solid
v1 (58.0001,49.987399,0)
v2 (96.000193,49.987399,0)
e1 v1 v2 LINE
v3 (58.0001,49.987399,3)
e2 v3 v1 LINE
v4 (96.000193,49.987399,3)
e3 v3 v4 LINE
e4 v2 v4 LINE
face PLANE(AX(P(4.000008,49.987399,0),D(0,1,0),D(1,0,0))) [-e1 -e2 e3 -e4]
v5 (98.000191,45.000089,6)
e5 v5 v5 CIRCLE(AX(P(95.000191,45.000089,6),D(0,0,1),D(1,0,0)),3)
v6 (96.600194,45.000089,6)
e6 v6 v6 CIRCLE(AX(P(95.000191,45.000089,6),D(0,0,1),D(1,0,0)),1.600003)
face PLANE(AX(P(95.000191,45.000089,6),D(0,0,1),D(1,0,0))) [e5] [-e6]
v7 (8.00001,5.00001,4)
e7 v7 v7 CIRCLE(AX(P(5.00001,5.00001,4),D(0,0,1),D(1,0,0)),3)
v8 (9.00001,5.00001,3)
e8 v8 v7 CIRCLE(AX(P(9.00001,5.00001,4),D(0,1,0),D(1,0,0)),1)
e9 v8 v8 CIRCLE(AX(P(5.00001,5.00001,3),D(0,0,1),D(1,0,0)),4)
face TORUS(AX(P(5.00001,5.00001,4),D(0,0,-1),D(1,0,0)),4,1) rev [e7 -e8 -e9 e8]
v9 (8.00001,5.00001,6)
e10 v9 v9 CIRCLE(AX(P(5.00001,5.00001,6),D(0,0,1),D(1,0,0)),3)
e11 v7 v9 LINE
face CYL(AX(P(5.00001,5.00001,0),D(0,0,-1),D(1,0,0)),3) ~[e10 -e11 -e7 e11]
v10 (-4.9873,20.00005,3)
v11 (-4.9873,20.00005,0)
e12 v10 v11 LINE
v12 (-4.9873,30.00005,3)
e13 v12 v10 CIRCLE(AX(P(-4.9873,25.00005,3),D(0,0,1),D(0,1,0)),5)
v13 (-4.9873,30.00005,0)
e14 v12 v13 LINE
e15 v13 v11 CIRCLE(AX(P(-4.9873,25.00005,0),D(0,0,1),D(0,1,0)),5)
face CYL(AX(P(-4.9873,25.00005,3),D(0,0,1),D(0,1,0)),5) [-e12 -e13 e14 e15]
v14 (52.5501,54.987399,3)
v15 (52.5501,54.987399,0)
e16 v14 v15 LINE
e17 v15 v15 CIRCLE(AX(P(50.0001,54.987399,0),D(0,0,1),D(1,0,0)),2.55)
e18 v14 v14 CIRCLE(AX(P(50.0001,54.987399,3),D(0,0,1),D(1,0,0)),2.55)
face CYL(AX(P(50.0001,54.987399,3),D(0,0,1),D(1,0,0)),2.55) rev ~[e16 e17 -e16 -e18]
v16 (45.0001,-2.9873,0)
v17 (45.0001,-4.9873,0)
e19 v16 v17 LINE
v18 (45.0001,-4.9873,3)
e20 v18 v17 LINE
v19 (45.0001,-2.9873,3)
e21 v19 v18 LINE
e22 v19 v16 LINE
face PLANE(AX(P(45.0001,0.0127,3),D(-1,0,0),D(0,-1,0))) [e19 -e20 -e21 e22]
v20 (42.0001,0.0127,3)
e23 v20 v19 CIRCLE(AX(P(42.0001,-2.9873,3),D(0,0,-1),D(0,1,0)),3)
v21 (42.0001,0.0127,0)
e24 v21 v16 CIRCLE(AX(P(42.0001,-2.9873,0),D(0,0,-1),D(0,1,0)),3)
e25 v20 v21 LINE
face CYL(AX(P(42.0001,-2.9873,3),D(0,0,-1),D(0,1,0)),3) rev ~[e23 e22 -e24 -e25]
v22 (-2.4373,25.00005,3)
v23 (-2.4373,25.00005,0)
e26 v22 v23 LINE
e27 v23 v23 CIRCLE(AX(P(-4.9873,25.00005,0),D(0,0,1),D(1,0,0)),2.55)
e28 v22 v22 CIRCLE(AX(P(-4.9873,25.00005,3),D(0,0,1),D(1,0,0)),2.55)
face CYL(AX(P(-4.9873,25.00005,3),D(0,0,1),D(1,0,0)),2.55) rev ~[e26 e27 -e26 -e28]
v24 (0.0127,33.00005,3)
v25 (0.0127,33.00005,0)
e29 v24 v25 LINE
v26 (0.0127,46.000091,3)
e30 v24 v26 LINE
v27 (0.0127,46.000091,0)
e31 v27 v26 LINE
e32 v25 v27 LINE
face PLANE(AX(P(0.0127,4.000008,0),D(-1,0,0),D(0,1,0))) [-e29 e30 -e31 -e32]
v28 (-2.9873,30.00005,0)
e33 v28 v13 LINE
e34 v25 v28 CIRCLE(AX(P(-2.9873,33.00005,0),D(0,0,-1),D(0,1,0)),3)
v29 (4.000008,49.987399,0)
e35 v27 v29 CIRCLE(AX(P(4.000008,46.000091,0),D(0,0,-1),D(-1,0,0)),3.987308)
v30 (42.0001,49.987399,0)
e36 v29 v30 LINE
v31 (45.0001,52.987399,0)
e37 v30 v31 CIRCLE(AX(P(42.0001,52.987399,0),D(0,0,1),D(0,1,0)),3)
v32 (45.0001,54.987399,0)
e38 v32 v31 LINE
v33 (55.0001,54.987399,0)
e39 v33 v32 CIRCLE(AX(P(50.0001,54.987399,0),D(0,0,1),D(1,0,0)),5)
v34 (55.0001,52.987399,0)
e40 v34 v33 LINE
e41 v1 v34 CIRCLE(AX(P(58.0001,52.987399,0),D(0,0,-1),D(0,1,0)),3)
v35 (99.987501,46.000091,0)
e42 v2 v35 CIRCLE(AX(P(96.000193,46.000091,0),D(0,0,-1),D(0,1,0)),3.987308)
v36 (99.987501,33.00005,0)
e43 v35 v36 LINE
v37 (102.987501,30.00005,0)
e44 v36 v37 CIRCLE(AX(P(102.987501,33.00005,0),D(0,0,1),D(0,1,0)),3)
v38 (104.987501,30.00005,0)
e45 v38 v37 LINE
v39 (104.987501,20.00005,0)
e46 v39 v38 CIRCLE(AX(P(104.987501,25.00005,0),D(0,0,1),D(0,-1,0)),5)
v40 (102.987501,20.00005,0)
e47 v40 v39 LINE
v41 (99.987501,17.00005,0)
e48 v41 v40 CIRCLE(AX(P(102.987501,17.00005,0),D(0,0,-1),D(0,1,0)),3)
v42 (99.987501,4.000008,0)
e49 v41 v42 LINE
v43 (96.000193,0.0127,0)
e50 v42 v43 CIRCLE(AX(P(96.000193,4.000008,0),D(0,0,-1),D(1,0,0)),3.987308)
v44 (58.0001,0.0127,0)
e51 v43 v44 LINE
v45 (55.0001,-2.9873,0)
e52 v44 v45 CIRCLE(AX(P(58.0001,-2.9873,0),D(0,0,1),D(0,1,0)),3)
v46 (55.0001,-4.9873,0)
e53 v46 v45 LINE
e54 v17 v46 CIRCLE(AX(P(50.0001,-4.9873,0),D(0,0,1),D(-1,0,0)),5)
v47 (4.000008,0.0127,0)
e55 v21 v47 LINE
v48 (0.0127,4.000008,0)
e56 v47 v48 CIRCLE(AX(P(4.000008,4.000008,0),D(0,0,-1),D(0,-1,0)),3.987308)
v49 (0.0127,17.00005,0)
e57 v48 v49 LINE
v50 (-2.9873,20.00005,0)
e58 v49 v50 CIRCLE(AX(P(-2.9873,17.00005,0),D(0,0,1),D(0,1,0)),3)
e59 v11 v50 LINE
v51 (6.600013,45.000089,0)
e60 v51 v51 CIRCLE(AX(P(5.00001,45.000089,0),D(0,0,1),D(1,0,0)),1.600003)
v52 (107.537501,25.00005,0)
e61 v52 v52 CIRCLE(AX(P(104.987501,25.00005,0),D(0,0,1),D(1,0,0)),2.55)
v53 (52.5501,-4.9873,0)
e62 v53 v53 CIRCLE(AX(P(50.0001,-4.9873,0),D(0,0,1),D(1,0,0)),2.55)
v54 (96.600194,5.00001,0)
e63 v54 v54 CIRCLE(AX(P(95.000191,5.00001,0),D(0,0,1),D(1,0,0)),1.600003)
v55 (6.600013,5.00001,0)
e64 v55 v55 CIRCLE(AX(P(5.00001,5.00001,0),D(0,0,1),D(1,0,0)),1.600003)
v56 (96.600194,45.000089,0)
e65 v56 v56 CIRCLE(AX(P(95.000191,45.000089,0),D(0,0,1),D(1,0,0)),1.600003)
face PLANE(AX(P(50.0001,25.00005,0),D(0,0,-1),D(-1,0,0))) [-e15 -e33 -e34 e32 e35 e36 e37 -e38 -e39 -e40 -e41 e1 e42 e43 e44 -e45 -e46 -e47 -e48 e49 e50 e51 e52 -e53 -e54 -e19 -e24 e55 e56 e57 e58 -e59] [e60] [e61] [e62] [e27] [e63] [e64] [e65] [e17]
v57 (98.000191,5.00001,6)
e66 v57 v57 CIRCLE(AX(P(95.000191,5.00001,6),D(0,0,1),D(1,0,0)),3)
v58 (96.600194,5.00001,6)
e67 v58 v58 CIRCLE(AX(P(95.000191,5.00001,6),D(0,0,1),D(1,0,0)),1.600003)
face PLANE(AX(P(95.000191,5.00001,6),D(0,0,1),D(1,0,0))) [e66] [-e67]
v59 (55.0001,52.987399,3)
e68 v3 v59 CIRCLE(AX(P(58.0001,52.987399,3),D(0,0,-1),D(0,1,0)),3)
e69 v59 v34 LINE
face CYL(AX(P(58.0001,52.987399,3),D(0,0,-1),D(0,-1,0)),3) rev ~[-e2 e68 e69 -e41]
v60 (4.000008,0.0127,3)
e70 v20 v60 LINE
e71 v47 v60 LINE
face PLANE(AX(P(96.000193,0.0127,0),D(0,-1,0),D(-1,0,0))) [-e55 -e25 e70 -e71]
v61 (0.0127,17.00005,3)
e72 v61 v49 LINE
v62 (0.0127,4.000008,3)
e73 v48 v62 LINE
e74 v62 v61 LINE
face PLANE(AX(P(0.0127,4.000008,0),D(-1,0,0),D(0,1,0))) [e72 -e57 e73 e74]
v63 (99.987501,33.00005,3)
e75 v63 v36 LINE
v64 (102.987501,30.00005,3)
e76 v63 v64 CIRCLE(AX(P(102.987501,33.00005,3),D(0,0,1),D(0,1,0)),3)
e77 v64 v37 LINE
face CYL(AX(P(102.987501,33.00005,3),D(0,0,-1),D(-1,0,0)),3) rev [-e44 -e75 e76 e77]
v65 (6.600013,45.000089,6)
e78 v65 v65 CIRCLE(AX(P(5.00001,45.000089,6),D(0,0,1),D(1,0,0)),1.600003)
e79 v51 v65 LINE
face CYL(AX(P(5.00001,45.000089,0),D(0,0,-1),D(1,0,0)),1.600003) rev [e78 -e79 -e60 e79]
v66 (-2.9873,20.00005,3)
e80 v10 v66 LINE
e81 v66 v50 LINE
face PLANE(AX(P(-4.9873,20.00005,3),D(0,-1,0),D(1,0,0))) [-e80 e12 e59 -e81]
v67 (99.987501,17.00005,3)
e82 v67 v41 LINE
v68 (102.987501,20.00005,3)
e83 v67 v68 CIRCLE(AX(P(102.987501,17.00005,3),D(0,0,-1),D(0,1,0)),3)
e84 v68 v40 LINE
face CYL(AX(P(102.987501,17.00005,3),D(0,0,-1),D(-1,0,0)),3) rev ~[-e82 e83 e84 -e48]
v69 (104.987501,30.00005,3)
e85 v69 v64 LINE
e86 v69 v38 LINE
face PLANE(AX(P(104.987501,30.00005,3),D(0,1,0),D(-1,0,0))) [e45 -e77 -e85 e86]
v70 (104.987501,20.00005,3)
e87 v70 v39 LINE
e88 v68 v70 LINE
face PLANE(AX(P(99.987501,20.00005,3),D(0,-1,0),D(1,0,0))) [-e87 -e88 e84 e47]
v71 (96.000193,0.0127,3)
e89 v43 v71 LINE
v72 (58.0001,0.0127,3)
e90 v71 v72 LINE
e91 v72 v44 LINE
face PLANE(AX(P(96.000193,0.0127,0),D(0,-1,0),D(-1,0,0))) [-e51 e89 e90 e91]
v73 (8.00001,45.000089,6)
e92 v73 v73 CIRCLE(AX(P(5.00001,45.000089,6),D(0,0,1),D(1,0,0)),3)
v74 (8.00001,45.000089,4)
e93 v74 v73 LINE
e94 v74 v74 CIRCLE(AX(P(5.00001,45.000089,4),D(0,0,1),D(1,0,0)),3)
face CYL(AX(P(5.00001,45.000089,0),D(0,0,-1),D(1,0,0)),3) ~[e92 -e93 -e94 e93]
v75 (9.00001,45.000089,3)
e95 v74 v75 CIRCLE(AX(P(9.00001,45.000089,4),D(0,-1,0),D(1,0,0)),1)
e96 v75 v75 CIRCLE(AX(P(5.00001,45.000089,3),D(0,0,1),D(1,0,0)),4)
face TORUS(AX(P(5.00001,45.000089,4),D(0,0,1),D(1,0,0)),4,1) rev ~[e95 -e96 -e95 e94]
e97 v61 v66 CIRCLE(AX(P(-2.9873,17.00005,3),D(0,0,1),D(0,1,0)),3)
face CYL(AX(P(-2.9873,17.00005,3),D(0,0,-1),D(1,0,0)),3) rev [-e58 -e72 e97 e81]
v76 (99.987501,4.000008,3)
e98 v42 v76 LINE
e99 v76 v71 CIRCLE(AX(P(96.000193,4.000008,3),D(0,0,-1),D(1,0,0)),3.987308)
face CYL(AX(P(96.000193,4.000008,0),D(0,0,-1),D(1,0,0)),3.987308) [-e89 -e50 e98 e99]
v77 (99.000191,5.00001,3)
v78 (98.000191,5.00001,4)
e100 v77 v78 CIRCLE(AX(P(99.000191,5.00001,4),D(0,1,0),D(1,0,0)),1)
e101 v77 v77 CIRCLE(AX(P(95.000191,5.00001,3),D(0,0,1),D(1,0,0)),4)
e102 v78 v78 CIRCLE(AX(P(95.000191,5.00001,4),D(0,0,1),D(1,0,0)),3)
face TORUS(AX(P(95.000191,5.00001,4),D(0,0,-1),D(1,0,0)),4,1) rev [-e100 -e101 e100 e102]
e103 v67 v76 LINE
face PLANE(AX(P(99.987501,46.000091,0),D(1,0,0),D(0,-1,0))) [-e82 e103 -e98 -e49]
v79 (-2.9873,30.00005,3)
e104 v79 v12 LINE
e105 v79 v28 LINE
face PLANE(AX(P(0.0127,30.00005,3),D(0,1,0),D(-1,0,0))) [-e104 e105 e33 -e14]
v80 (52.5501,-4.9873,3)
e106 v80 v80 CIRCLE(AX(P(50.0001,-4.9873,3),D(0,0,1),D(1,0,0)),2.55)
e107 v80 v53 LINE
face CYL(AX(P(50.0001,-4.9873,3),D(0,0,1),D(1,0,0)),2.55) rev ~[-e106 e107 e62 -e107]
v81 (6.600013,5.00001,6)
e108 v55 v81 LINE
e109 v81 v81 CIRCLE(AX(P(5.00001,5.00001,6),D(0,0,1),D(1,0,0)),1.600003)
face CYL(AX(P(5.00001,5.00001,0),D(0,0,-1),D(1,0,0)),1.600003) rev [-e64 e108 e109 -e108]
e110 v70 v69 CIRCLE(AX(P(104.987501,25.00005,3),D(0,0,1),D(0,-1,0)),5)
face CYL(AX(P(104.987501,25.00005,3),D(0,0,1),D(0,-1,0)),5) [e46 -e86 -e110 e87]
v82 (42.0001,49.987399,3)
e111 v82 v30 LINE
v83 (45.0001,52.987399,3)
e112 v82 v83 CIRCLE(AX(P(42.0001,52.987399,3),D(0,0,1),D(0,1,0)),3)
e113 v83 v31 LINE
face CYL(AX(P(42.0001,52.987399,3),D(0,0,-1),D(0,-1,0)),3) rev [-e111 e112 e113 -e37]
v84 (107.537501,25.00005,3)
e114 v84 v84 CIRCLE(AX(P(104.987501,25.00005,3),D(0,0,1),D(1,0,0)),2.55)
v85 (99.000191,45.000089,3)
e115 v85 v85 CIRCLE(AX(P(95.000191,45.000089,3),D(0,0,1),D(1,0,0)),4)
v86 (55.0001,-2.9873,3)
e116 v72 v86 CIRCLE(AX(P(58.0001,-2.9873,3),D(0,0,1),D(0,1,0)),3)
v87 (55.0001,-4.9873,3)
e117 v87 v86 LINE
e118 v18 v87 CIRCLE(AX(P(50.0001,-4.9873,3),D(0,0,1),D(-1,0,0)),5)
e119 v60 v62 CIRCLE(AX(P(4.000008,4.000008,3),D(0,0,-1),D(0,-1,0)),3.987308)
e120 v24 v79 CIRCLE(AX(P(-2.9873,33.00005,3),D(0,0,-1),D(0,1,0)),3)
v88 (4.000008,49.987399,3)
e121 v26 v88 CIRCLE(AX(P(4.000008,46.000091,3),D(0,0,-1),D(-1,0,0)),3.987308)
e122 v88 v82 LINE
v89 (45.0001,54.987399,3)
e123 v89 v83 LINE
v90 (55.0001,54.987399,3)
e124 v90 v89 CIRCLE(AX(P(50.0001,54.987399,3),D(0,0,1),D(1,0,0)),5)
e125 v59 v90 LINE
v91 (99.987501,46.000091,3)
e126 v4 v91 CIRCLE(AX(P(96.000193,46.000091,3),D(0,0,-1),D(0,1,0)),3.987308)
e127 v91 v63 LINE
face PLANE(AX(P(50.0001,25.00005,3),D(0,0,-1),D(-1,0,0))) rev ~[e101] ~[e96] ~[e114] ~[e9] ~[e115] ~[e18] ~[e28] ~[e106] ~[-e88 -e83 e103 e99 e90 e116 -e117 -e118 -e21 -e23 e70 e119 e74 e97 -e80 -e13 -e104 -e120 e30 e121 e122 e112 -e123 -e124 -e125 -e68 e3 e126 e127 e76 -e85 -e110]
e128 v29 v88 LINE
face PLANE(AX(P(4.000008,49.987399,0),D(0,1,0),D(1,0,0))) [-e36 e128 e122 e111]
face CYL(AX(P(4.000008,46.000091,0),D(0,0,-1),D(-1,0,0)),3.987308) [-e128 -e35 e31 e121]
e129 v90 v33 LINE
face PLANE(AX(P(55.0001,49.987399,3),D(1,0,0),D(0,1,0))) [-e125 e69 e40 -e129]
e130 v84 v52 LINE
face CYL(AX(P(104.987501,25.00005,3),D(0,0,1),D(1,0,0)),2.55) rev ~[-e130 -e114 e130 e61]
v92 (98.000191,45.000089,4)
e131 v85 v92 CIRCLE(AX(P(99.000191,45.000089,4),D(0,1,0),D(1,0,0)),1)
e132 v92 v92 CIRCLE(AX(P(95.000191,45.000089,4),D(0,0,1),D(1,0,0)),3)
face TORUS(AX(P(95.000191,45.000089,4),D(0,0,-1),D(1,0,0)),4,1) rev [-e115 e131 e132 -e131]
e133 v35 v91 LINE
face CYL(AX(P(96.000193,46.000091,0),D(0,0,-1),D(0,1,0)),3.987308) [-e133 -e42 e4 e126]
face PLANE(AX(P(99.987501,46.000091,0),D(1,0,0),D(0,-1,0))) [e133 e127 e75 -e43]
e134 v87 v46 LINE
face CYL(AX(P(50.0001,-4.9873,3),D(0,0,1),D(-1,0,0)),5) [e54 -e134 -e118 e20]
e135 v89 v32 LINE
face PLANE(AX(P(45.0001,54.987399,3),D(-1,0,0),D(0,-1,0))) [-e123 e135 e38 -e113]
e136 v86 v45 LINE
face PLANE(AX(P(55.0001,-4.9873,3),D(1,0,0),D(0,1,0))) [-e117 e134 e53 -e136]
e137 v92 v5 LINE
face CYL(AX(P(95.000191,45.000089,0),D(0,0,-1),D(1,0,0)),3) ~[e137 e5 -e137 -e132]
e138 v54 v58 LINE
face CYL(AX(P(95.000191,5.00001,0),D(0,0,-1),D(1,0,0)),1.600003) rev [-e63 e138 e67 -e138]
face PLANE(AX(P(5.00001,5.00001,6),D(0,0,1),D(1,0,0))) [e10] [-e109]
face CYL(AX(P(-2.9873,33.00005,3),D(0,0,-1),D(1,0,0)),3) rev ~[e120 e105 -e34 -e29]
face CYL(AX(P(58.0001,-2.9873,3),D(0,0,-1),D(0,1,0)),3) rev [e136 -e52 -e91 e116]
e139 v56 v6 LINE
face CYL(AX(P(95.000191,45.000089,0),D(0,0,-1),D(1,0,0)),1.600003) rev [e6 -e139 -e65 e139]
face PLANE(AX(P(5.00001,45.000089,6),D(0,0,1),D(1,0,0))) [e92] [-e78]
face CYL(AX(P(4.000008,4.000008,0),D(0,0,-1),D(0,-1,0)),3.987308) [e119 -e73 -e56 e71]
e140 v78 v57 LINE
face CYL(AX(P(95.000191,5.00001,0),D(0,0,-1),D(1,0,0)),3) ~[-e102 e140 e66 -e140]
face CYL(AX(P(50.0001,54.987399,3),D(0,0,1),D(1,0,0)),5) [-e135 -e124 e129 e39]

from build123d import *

# Parameters (mm, degrees)
SKETCH1_R           = 3
BOSS_EXTRUDE1_DEPTH = 3
SKETCH1_3_R         = 3
SKETCH1_3_R_2       = 1.600003175
BOSS_EXTRUDE2_DEPTH = 6
FILLET1_R           = 1
SKETCH2_R           = 2.55
BOSS_EXTRUDE3_DEPTH = 3
FILLET2_R           = 3


with BuildPart() as part:
    # Sketch1 → Boss-Extrude1 (new body)
    with BuildSketch(Plane.XY):
        with BuildLine():
            ThreePointArc((99.987500635, 4.00000762), (98.819645279, 1.180555381), (96.00019304, 0.012700025))
            Line((96.00019304, 0.012700025), (4.00000762, 0.012700025))
            ThreePointArc((4.00000762, 0.012700025), (1.180555381, 1.180555381), (0.012700025, 4.00000762))
            Line((0.012700025, 4.00000762), (0.012700025, 46.00009144))
            ThreePointArc((0.012700025, 46.00009144), (1.180555381, 48.819543679), (4.00000762, 49.987399035))
            Line((4.00000762, 49.987399035), (96.00019304, 49.987399035))
            ThreePointArc((96.00019304, 49.987399035), (98.819645279, 48.819543679), (99.987500635, 46.00009144))
            Line((99.987500635, 46.00009144), (99.987500635, 4.00000762))
        make_face()
        with Locations((95.0001905, 5.00001016)):
            Circle(SKETCH1_R, mode=Mode.SUBTRACT)
        with Locations((5.00001016, 5.00001016)):
            Circle(SKETCH1_R, mode=Mode.SUBTRACT)
        with Locations((95.0001905, 45.0000889)):
            Circle(SKETCH1_R, mode=Mode.SUBTRACT)
        with Locations((5.00001016, 45.0000889)):
            Circle(SKETCH1_R, mode=Mode.SUBTRACT)
    extrude(amount=BOSS_EXTRUDE1_DEPTH)

    # Sketch1<3> → Boss-Extrude2 (add)
    # profile 1 of 4: a face of its own
    with BuildSketch(Plane.XY):
        with Locations((5.00001016, 45.0000889)):
            Circle(SKETCH1_3_R)
        with Locations((5.00001016, 45.0000889)):
            Circle(SKETCH1_3_R_2, mode=Mode.SUBTRACT)
    # profile 2 of 4: a face of its own
    with BuildSketch(Plane.XY):
        with Locations((95.0001905, 45.0000889)):
            Circle(SKETCH1_3_R)
        with Locations((95.0001905, 45.0000889)):
            Circle(SKETCH1_3_R_2, mode=Mode.SUBTRACT)
    # profile 3 of 4: a face of its own
    with BuildSketch(Plane.XY):
        with Locations((95.0001905, 5.00001016)):
            Circle(SKETCH1_3_R)
        with Locations((95.0001905, 5.00001016)):
            Circle(SKETCH1_3_R_2, mode=Mode.SUBTRACT)
    # profile 4 of 4: a face of its own
    with BuildSketch(Plane.XY):
        with Locations((5.00001016, 5.00001016)):
            Circle(SKETCH1_3_R)
        with Locations((5.00001016, 5.00001016)):
            Circle(SKETCH1_3_R_2, mode=Mode.SUBTRACT)
    extrude(amount=BOSS_EXTRUDE2_DEPTH)

    # Fillet1
    fillet1_edges = [part.edges().sort_by_distance(p)[0] for p in [
        (92.0001905, 5.00001016, 3),
        (2.00001016, 5.00001016, 3),
        (92.0001905, 45.0000889, 3),
        (2.00001016, 45.0000889, 3),
    ]]
    fillet(fillet1_edges, radius=FILLET1_R)

    # Sketch2 → Boss-Extrude3 (add)
    # profile 1 of 4: a face of its own
    with BuildSketch(Plane.XY.offset(3)):
        with BuildLine():
            ThreePointArc((-4.987299975, 30.00004953), (-9.987299975, 25.00004953), (-4.987299975, 20.00004953))
            Line((-4.987299975, 20.00004953), (0.012700025, 20.00004953))
            Line((0.012700025, 20.00004953), (0.012700025, 25.00004953))
            Line((0.012700025, 25.00004953), (0.012700025, 30.00004953))
            Line((0.012700025, 30.00004953), (-4.987299975, 30.00004953))
        make_face()
        with Locations((-4.987299975, 25.00004953)):
            Circle(SKETCH2_R, mode=Mode.SUBTRACT)
    # profile 2 of 4: a face of its own
    with BuildSketch(Plane.XY.offset(3)):
        with BuildLine():
            Line((99.987500635, 30.00004953), (99.987500635, 25.00004953))
            Line((99.987500635, 25.00004953), (99.987500635, 20.00004953))
            Line((99.987500635, 20.00004953), (104.987500635, 20.00004953))
            ThreePointArc((104.987500635, 20.00004953), (109.987500635, 25.00004953), (104.987500635, 30.00004953))
            Line((104.987500635, 30.00004953), (99.987500635, 30.00004953))
        make_face()
        with Locations((104.987500635, 25.00004953)):
            Circle(SKETCH2_R, mode=Mode.SUBTRACT)
    # profile 3 of 4: a face of its own
    with BuildSketch(Plane.XY.offset(3)):
        with BuildLine():
            Line((45.00010033, 49.987399035), (50.00010033, 49.987399035))
            Line((50.00010033, 49.987399035), (55.00010033, 49.987399035))
            Line((55.00010033, 49.987399035), (55.00010033, 54.987399035))
            ThreePointArc((55.00010033, 54.987399035), (50.00010033, 59.987399035), (45.00010033, 54.987399035))
            Line((45.00010033, 54.987399035), (45.00010033, 49.987399035))
        make_face()
        with Locations((50.00010033, 54.987399035)):
            Circle(SKETCH2_R, mode=Mode.SUBTRACT)
    # profile 4 of 4: a face of its own
    with BuildSketch(Plane.XY.offset(3)):
        with BuildLine():
            Line((55.00010033, 0.012700025), (50.00010033, 0.012700025))
            Line((50.00010033, 0.012700025), (45.00010033, 0.012700025))
            Line((45.00010033, 0.012700025), (45.00010033, -4.987299975))
            ThreePointArc((45.00010033, -4.987299975), (50.00010033, -9.987299975), (55.00010033, -4.987299975))
            Line((55.00010033, -4.987299975), (55.00010033, 0.012700025))
        make_face()
        with Locations((50.00010033, -4.987299975)):
            Circle(SKETCH2_R, mode=Mode.SUBTRACT)
    extrude(amount=-BOSS_EXTRUDE3_DEPTH)

    # Fillet2
    fillet2_edges = [part.edges().sort_by_distance(p)[0] for p in [
        (99.987500635, 30.00004953, 1.5),
        (99.987500635, 20.00004953, 1.5),
        (55.00010033, 0.012700025, 1.5),
        (45.00010033, 0.012700025, 1.5),
        (0.012700025, 20.00004953, 1.5),
        (0.012700025, 30.00004953, 1.5),
        (55.00010033, 49.987399035, 1.5),
        (45.00010033, 49.987399035, 1.5),
    ]]
    fillet(fillet2_edges, radius=FILLET2_R)


solid = part.part
